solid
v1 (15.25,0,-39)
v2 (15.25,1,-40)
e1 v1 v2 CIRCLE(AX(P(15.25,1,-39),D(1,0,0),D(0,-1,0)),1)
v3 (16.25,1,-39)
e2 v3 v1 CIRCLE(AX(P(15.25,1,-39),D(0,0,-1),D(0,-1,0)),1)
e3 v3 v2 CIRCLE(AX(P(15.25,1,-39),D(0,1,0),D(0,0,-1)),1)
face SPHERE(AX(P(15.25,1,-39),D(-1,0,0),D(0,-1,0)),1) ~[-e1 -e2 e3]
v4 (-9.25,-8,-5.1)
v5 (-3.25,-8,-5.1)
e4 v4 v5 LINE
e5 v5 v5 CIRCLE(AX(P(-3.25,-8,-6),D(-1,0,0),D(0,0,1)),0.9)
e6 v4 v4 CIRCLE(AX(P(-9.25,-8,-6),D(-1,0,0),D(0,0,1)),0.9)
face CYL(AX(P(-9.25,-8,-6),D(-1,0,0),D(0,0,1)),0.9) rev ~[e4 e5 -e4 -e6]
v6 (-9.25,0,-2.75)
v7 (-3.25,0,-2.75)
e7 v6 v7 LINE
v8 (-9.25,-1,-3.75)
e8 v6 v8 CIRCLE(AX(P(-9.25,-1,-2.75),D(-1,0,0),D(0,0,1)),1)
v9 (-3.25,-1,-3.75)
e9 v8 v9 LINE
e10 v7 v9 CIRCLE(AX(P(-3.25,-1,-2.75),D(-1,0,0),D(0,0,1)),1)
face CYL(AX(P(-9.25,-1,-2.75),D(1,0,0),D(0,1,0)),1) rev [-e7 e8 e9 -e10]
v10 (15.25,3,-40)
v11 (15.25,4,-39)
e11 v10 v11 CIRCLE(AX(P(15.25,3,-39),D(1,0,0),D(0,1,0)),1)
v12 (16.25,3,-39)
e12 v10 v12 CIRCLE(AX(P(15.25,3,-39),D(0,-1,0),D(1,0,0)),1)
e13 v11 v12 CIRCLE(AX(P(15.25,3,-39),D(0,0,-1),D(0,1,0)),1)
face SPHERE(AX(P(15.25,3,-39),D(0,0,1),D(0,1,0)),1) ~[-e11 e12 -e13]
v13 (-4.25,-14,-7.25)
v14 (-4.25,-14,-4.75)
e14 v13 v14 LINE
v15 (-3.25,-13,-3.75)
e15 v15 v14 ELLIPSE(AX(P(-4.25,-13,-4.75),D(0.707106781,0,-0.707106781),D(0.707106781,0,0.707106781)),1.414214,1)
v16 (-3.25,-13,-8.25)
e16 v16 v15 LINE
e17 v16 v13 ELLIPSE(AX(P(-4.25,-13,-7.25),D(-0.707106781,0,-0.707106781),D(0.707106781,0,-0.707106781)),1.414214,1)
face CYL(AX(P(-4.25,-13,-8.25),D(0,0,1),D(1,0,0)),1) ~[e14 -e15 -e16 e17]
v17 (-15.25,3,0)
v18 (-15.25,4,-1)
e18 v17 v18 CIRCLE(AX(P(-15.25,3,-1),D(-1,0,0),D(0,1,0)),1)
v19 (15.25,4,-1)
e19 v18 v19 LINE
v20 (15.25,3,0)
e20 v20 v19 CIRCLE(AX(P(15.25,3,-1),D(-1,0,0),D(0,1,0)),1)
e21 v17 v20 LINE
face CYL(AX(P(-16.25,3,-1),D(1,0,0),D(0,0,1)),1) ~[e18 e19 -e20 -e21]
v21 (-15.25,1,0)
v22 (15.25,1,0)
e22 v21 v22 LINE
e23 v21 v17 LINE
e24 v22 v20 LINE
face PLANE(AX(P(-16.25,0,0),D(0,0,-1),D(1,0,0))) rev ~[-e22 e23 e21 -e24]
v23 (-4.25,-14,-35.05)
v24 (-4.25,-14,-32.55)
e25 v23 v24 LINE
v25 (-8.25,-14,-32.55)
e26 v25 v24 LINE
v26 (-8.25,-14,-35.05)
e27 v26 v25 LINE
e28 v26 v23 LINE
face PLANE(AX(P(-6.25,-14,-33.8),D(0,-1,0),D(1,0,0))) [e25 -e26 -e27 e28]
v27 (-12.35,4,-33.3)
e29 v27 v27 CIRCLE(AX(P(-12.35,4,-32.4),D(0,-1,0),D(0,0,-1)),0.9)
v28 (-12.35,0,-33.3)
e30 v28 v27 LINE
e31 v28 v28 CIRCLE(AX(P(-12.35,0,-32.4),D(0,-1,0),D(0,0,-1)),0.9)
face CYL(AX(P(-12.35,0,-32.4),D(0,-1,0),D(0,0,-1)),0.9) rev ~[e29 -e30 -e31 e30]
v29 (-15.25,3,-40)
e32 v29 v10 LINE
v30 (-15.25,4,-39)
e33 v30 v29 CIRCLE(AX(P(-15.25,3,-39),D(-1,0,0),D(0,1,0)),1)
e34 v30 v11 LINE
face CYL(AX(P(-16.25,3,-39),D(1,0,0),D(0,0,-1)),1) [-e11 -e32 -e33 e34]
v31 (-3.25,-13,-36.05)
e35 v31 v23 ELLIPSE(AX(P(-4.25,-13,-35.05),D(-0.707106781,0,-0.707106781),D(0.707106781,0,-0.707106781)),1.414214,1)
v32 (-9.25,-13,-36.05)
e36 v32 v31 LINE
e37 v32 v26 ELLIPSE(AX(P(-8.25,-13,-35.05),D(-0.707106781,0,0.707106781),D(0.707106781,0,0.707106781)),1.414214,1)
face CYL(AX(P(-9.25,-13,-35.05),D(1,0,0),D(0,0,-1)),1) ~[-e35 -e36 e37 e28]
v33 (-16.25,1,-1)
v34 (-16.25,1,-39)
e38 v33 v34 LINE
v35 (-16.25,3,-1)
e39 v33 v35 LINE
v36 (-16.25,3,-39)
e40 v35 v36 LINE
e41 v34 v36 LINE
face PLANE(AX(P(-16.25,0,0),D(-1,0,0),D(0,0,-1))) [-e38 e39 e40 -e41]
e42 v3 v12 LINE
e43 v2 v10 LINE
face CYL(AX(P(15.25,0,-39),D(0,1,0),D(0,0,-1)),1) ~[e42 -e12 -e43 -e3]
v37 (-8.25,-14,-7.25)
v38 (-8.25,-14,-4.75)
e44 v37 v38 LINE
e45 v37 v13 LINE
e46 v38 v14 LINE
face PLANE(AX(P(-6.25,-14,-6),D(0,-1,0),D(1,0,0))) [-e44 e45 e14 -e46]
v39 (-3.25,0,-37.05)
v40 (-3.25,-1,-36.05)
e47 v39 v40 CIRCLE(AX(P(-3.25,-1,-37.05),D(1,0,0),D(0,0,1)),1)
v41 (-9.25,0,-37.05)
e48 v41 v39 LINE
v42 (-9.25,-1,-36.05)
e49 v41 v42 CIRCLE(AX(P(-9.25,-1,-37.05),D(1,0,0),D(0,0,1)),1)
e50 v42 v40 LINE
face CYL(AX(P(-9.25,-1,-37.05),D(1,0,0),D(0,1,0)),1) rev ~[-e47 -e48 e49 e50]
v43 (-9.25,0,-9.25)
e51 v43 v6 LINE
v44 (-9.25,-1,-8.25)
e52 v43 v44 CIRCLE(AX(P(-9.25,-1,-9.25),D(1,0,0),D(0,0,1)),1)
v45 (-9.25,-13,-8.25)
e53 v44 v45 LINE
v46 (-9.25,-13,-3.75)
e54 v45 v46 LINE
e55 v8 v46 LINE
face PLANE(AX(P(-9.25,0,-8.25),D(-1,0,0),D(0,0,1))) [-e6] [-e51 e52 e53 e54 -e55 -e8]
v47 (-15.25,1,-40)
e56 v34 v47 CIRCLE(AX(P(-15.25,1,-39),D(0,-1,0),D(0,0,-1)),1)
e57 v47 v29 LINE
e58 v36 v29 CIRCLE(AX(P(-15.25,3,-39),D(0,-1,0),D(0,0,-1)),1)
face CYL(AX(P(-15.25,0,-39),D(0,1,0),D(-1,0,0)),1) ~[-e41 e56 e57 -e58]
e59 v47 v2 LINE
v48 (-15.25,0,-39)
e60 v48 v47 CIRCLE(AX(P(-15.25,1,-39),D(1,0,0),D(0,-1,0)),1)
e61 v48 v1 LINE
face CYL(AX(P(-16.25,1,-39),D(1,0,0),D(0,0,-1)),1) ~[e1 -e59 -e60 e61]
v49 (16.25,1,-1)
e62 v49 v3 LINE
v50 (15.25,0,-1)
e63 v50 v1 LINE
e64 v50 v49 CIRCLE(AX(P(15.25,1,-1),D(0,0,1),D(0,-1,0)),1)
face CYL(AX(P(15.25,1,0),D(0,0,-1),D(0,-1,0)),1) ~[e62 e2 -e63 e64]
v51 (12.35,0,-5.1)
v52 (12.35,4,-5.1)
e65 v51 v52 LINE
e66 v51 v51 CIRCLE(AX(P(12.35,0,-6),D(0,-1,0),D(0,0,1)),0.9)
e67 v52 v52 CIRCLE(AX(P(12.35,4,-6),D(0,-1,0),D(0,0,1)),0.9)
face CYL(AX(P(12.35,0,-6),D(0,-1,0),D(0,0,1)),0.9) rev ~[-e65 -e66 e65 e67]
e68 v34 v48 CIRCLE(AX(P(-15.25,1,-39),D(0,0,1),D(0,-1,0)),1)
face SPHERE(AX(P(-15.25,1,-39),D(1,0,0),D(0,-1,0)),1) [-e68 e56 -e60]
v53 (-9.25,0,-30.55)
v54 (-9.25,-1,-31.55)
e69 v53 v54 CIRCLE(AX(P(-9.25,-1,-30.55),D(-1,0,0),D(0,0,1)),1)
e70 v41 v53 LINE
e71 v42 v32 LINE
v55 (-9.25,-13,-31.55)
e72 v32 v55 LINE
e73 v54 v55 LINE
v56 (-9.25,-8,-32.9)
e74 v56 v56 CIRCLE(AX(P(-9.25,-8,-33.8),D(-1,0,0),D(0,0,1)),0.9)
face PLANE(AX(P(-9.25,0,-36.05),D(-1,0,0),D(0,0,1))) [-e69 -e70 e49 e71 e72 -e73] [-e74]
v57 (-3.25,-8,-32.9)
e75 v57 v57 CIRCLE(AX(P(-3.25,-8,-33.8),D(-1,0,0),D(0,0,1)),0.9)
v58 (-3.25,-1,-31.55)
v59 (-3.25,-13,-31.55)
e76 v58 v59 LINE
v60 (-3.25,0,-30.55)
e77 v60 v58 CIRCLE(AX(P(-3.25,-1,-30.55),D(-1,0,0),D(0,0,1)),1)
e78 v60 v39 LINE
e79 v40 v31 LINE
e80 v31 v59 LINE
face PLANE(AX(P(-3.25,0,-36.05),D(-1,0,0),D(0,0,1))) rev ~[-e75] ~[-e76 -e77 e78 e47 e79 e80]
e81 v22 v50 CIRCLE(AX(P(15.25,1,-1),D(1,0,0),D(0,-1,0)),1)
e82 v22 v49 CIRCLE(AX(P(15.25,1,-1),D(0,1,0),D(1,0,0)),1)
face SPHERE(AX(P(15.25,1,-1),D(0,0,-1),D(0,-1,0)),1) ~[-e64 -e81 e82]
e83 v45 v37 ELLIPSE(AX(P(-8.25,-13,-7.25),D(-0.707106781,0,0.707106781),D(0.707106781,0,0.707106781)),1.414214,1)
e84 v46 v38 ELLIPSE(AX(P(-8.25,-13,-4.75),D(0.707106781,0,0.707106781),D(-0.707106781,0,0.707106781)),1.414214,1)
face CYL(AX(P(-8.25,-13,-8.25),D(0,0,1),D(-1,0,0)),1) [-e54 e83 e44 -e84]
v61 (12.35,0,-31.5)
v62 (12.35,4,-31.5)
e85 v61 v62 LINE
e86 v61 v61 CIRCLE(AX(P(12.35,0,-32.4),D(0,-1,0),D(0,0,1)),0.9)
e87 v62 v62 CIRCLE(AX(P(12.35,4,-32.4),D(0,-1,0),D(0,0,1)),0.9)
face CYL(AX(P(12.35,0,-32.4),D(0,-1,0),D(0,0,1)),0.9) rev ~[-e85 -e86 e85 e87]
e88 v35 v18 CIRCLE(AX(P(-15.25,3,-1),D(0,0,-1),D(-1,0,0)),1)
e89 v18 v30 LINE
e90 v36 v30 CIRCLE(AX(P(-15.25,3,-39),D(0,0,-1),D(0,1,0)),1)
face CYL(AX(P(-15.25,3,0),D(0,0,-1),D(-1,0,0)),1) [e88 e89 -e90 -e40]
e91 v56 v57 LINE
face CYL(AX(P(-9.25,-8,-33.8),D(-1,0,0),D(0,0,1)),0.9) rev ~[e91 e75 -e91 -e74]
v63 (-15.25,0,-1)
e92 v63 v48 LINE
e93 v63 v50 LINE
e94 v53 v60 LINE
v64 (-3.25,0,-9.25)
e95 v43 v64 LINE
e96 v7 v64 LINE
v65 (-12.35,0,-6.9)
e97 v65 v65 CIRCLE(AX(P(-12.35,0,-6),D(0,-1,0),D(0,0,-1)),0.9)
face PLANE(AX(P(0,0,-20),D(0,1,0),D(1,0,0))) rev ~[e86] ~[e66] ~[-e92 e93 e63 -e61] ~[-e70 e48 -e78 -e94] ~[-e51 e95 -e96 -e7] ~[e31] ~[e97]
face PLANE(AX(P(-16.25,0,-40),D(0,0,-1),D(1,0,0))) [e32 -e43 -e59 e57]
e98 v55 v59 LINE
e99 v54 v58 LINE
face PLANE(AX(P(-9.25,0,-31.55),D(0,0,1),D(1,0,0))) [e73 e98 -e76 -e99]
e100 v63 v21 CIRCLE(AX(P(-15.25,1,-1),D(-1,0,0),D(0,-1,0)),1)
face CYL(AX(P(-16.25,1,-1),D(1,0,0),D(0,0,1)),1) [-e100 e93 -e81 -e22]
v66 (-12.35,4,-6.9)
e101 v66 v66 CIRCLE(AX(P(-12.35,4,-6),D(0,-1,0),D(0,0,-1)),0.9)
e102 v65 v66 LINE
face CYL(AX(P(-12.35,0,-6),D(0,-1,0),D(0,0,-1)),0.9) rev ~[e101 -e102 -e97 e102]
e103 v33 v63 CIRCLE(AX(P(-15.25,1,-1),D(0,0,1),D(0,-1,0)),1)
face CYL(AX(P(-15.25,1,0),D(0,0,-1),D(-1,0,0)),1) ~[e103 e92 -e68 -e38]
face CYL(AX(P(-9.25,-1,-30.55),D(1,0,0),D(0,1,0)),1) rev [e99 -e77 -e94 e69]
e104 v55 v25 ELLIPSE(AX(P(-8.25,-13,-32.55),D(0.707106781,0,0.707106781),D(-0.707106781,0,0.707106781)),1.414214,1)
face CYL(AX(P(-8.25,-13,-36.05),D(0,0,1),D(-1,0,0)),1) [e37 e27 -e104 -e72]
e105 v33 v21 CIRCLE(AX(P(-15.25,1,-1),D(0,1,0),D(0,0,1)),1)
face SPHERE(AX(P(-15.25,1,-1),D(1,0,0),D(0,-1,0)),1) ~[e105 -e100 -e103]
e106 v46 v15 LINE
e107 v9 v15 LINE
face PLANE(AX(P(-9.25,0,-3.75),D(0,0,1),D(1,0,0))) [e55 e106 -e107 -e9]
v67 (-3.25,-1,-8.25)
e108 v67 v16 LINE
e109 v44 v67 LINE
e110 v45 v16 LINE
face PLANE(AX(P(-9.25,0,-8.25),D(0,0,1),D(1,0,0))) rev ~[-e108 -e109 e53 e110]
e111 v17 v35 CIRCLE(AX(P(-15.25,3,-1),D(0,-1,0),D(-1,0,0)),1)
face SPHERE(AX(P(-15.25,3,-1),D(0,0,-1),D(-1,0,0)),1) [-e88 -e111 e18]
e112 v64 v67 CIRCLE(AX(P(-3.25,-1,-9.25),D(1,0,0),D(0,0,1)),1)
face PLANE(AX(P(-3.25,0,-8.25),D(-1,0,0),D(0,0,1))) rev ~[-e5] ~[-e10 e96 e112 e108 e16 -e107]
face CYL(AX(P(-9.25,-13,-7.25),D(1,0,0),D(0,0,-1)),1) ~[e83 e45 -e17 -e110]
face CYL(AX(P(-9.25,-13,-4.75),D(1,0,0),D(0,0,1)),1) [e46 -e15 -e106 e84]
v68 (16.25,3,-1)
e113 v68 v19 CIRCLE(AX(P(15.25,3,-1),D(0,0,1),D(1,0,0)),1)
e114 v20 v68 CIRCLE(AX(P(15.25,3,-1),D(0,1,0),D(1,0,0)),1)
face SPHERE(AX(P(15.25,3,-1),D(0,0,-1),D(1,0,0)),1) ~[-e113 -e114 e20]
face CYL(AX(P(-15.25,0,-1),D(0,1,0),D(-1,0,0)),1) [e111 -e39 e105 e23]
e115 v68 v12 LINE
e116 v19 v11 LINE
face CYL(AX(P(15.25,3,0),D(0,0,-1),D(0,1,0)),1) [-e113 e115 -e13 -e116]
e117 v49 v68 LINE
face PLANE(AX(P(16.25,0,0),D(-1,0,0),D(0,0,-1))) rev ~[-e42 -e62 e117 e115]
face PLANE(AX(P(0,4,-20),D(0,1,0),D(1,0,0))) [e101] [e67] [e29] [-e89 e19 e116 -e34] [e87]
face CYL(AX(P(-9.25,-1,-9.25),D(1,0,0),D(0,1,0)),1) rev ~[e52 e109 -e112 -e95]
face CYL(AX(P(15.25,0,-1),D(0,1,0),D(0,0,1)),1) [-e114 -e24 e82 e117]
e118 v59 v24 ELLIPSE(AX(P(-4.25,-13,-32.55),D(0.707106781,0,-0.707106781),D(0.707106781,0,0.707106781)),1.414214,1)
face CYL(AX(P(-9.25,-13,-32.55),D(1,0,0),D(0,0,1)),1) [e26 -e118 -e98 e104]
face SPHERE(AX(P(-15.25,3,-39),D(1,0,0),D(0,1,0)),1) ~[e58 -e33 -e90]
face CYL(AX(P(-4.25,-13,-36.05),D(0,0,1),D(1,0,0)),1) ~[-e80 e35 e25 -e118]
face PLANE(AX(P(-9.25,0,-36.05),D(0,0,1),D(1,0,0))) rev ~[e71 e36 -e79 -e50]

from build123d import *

# Parameters (mm, degrees)
SKETCH1_W                     = 32.5
SKETCH1_H                     = 40
BASE_DEPTH                    = 4
SKETCH4_R                     = 0.9
SCANNER_MOUNTING_HOLES_DEPTH  = 44.359687499
SKETCH6_W                     = 6
SKETCH6_H                     = 4.5
SERVO_MOUNTING_PLATFORM_DEPTH = 14
SERVO_MOUNTING_HOLES_REACH    = 51.46
SKETCH7_R                     = 0.9
FILLET1_R                     = 1


with BuildPart() as part:
    # Sketch1 → Base (new body)
    with BuildSketch(Plane(origin=(0, 0, 0), x_dir=(1, 0, 0), z_dir=(0, 1, 0))):
        with Locations((0, 20)):
            Rectangle(SKETCH1_W, SKETCH1_H)
    extrude(amount=BASE_DEPTH)

    # Sketch4 → Scanner Mounting Holes (cut, through all)
    with BuildSketch(Plane.XZ):
        with Locations(Location((-12.35, -6, 0), (0, 0, 270))):
            Circle(SKETCH4_R)
        with Locations(Location((-12.35, -32.4, 0), (0, 0, 270))):
            Circle(SKETCH4_R)
        with Locations(Location((12.35, -32.4, 0), (0, 0, 90))):
            Circle(SKETCH4_R)
        with Locations(Location((12.35, -6, 0), (0, 0, 90))):
            Circle(SKETCH4_R)
    extrude(amount=-SCANNER_MOUNTING_HOLES_DEPTH, mode=Mode.SUBTRACT)

    # Sketch6 → Servo Mounting Platform (add)
    with BuildSketch(Plane.XZ):
        with Locations((-6.25, -6)):
            Rectangle(SKETCH6_W, SKETCH6_H)
        with Locations((-6.25, -33.8)):
            Rectangle(SKETCH6_W, SKETCH6_H)
    extrude(amount=SERVO_MOUNTING_PLATFORM_DEPTH)

    # Sketch7 → Servo Mounting Holes (cut, up to next)
    with BuildSketch(Plane.ZY.offset(9.25), mode=Mode.PRIVATE) as servo_mounting_holes_sk1:
        with Locations((-33.8, -8)):
            Circle(SKETCH7_R)
    servo_mounting_holes_tool1 = extrude(servo_mounting_holes_sk1.sketch, amount=-SERVO_MOUNTING_HOLES_REACH, mode=Mode.PRIVATE) & part.part
    # Sketch7 → Servo Mounting Holes (cut, up to next)
    with BuildSketch(Plane.ZY.offset(9.25), mode=Mode.PRIVATE) as servo_mounting_holes_sk2:
        with Locations((-6, -8)):
            Circle(SKETCH7_R)
    servo_mounting_holes_tool2 = extrude(servo_mounting_holes_sk2.sketch, amount=-SERVO_MOUNTING_HOLES_REACH, mode=Mode.PRIVATE) & part.part
    add(servo_mounting_holes_tool1.solids().sort_by_distance((-9.25, -8, -33.8))[0], mode=Mode.SUBTRACT)
    add(servo_mounting_holes_tool2.solids().sort_by_distance((-9.25, -8, -6))[0], mode=Mode.SUBTRACT)

    # Fillet1
    fillet1_edges = [part.edges().sort_by_distance(p)[0] for p in [
        (16.25, 4, -20),
        (0, 4, -40),
        (-6.25, 0, -8.25),
        (-6.25, 0, -3.75),
        (-9.25, -14, -6),
        (-6.25, -14, -8.25),
        (-3.25, -14, -6),
        (-6.25, -14, -3.75),
        (-6.25, 0, -36.05),
        (-6.25, 0, -31.55),
        (-9.25, -14, -33.8),
        (-6.25, -14, -36.05),
        (-3.25, -14, -33.8),
        (-6.25, -14, -31.55),
        (-16.25, 4, -20),
        (0, 0, -40),
        (16.25, 0, -20),
        (0, 0, 0),
        (-16.25, 0, -20),
        (-16.25, 2, -40),
        (16.25, 2, -40),
        (16.25, 2, 0),
        (-16.25, 2, 0),
        (0, 4, 0),
    ]]
    fillet(fillet1_edges, radius=FILLET1_R)


solid = part.part
